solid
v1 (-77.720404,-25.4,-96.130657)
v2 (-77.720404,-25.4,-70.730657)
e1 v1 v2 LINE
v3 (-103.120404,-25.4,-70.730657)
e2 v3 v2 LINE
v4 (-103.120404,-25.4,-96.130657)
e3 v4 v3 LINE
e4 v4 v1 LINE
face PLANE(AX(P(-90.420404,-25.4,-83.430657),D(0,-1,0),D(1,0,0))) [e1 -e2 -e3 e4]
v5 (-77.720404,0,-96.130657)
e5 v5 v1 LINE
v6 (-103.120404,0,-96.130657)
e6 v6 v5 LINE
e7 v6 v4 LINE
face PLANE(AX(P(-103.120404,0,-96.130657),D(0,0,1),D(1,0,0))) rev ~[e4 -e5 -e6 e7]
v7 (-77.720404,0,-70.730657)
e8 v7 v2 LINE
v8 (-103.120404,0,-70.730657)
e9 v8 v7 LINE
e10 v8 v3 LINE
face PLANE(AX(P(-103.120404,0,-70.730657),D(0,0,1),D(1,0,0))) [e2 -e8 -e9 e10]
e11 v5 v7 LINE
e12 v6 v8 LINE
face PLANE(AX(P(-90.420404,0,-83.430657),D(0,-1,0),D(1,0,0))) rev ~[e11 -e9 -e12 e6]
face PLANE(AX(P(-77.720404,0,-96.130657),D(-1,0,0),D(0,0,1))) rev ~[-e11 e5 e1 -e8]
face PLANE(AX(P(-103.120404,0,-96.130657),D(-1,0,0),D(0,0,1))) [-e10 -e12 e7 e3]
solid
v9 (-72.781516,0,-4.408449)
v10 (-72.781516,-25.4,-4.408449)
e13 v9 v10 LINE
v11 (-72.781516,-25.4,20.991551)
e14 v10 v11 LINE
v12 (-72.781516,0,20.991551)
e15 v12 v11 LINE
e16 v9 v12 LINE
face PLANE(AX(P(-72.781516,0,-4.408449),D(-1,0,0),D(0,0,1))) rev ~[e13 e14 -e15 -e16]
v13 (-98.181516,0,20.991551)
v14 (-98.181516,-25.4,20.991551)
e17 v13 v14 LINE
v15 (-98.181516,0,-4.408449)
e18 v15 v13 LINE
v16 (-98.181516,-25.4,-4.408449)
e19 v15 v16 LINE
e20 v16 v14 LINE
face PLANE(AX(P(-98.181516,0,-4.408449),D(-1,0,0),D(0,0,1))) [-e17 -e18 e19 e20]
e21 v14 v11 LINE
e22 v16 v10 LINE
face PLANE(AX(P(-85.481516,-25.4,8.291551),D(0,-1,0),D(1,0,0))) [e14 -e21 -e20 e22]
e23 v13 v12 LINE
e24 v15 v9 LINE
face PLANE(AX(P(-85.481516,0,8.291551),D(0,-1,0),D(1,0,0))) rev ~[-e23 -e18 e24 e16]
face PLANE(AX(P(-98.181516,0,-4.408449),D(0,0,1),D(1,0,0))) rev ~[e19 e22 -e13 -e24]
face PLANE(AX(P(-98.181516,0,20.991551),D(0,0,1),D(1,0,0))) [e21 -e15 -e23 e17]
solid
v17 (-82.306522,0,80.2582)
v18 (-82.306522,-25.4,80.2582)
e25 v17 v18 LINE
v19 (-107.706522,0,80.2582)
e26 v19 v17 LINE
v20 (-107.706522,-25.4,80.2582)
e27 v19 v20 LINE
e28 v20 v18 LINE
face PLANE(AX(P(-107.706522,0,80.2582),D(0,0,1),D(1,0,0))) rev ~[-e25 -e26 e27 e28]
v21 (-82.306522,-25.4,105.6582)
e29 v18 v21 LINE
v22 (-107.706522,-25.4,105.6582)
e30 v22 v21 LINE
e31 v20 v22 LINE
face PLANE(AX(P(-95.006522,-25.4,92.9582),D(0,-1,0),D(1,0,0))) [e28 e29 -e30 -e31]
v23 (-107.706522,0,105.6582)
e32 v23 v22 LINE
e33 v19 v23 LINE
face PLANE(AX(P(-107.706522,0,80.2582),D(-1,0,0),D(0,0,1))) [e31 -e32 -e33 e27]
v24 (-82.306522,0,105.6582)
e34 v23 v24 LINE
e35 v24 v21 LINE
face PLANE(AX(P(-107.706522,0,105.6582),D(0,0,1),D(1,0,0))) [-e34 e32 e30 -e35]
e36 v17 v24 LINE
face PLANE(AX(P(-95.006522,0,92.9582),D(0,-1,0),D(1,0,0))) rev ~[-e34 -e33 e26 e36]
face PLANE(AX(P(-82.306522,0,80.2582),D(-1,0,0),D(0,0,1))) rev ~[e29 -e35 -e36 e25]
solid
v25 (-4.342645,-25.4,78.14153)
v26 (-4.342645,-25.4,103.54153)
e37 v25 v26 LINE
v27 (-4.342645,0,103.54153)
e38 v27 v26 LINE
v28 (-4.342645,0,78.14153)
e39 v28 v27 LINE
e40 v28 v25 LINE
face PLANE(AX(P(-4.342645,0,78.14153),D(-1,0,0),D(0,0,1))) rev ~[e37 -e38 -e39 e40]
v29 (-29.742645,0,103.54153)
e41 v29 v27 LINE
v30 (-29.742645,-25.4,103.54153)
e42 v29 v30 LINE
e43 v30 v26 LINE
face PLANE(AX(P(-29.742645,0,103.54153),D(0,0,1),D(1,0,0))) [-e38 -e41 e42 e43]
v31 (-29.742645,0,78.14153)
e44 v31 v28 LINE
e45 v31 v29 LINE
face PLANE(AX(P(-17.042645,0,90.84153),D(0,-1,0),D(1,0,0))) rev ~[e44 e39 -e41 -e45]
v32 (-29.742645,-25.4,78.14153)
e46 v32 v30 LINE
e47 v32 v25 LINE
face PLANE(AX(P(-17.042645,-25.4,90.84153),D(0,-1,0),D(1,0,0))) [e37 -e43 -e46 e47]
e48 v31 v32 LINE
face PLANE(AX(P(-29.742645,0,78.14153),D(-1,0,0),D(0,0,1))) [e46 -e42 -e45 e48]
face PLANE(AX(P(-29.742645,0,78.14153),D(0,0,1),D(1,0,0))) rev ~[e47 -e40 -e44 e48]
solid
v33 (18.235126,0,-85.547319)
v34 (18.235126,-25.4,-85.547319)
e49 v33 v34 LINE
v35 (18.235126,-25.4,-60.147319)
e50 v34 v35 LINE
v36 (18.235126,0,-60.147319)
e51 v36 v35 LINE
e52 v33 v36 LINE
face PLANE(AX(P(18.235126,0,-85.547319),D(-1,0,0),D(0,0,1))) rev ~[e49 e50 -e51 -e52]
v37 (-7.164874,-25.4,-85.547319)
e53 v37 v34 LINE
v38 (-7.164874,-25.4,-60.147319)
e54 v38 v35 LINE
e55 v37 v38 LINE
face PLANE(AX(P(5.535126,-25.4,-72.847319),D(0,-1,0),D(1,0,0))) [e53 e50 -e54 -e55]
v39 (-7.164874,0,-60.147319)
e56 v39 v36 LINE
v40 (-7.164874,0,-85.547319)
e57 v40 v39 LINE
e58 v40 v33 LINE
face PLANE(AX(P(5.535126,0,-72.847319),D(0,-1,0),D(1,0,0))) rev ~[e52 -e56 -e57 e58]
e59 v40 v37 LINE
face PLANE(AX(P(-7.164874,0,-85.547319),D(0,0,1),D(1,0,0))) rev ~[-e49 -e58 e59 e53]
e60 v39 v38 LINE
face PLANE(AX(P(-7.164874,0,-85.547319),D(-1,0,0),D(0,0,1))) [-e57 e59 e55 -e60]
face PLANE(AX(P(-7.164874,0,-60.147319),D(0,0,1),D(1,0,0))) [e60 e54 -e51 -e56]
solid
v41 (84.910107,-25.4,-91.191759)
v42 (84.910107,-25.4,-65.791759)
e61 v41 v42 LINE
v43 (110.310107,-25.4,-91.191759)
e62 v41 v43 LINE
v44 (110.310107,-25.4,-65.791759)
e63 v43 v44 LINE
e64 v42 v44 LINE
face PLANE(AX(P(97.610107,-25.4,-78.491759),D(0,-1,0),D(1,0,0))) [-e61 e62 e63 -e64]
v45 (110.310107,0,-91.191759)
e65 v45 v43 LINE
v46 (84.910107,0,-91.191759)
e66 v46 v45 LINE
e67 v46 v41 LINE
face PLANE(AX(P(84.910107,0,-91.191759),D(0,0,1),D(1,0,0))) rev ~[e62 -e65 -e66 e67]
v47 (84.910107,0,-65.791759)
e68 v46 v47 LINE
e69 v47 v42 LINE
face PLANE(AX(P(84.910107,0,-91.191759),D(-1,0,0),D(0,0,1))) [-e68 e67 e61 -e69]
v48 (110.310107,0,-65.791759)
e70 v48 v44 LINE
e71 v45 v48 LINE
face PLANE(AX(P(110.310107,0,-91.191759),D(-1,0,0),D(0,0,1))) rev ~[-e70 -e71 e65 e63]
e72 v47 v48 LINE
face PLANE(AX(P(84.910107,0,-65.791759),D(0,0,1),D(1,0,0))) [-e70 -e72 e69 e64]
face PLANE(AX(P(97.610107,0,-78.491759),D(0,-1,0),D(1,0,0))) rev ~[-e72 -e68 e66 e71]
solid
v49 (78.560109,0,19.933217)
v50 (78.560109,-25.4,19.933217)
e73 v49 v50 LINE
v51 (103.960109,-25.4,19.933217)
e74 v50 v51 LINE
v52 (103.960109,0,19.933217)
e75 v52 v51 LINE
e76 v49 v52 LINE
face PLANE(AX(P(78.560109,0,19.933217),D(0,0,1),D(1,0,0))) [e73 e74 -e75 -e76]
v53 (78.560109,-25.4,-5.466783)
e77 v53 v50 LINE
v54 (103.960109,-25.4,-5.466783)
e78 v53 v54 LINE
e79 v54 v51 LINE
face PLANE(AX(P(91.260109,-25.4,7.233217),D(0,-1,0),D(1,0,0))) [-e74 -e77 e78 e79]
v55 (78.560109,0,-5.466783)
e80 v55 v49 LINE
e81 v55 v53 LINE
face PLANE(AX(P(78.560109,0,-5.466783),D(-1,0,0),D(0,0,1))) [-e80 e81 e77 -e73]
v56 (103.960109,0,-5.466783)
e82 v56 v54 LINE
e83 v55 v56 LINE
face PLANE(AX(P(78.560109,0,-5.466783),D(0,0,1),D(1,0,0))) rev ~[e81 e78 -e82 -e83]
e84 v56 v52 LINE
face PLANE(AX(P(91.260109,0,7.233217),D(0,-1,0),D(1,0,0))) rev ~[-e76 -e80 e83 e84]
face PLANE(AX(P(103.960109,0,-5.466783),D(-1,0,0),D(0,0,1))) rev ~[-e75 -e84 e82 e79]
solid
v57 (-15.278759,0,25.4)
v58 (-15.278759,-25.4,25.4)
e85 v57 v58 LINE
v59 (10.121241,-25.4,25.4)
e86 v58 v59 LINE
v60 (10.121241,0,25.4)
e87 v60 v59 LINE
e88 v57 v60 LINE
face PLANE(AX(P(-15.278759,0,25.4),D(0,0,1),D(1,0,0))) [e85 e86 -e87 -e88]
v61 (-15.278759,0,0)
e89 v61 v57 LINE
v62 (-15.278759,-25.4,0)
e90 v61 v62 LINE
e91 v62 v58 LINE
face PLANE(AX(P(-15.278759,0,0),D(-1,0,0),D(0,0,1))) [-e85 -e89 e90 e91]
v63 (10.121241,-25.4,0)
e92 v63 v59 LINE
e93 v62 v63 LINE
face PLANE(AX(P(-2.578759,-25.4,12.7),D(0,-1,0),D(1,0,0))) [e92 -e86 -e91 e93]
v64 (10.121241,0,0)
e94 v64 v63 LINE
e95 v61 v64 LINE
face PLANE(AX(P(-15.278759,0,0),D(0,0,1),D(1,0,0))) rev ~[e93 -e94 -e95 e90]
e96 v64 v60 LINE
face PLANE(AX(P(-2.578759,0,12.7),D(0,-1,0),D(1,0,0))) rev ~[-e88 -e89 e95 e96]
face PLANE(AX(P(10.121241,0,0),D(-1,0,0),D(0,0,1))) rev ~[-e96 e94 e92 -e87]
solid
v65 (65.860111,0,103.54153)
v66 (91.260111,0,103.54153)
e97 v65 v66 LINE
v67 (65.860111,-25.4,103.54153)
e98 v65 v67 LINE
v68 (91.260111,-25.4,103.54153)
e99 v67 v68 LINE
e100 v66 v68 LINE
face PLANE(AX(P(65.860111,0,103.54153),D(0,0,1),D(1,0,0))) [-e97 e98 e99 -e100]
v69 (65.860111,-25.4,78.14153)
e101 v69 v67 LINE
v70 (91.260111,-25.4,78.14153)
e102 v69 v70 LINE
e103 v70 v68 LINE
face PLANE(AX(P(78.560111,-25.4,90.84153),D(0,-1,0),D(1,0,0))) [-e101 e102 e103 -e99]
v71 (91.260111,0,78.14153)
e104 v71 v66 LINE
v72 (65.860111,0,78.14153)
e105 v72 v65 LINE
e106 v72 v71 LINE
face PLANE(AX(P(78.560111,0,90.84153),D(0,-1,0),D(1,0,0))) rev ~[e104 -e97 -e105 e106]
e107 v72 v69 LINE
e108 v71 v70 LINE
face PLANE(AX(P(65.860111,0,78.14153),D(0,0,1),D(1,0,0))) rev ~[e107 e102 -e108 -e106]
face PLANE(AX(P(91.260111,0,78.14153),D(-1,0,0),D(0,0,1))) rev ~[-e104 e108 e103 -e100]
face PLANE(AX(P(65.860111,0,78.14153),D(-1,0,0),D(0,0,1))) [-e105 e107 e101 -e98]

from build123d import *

# Parameters (mm, degrees)
F0_W     = 25.4
F0_H     = 25.4
F1_DEPTH = 25.4


with BuildPart() as f1:
    # F0 (on Front) → F1 (new body)
    with BuildSketch(Plane.XZ):
        with Locations((-95.006522, 92.9582)):
            Rectangle(F0_W, F0_H)
        with Locations((-17.042645, 90.84153)):
            Rectangle(F0_W, F0_H)
        with Locations((78.560111, 90.84153)):
            Rectangle(F0_W, F0_H)
        with Locations((-85.481516, 8.291551)):
            Rectangle(F0_W, F0_H)
        with Locations((-2.578759, 12.7)):
            Rectangle(F0_W, F0_H)
        with Locations((91.260109, 7.233217)):
            Rectangle(F0_W, F0_H)
        with Locations((-90.420404, -83.430657)):
            Rectangle(F0_W, F0_H)
        with Locations((5.535126, -72.847319)):
            Rectangle(F0_W, F0_H)
        with Locations((97.610107, -78.491759)):
            Rectangle(F0_W, F0_H)
    extrude(amount=F1_DEPTH)


solid = f1.part
